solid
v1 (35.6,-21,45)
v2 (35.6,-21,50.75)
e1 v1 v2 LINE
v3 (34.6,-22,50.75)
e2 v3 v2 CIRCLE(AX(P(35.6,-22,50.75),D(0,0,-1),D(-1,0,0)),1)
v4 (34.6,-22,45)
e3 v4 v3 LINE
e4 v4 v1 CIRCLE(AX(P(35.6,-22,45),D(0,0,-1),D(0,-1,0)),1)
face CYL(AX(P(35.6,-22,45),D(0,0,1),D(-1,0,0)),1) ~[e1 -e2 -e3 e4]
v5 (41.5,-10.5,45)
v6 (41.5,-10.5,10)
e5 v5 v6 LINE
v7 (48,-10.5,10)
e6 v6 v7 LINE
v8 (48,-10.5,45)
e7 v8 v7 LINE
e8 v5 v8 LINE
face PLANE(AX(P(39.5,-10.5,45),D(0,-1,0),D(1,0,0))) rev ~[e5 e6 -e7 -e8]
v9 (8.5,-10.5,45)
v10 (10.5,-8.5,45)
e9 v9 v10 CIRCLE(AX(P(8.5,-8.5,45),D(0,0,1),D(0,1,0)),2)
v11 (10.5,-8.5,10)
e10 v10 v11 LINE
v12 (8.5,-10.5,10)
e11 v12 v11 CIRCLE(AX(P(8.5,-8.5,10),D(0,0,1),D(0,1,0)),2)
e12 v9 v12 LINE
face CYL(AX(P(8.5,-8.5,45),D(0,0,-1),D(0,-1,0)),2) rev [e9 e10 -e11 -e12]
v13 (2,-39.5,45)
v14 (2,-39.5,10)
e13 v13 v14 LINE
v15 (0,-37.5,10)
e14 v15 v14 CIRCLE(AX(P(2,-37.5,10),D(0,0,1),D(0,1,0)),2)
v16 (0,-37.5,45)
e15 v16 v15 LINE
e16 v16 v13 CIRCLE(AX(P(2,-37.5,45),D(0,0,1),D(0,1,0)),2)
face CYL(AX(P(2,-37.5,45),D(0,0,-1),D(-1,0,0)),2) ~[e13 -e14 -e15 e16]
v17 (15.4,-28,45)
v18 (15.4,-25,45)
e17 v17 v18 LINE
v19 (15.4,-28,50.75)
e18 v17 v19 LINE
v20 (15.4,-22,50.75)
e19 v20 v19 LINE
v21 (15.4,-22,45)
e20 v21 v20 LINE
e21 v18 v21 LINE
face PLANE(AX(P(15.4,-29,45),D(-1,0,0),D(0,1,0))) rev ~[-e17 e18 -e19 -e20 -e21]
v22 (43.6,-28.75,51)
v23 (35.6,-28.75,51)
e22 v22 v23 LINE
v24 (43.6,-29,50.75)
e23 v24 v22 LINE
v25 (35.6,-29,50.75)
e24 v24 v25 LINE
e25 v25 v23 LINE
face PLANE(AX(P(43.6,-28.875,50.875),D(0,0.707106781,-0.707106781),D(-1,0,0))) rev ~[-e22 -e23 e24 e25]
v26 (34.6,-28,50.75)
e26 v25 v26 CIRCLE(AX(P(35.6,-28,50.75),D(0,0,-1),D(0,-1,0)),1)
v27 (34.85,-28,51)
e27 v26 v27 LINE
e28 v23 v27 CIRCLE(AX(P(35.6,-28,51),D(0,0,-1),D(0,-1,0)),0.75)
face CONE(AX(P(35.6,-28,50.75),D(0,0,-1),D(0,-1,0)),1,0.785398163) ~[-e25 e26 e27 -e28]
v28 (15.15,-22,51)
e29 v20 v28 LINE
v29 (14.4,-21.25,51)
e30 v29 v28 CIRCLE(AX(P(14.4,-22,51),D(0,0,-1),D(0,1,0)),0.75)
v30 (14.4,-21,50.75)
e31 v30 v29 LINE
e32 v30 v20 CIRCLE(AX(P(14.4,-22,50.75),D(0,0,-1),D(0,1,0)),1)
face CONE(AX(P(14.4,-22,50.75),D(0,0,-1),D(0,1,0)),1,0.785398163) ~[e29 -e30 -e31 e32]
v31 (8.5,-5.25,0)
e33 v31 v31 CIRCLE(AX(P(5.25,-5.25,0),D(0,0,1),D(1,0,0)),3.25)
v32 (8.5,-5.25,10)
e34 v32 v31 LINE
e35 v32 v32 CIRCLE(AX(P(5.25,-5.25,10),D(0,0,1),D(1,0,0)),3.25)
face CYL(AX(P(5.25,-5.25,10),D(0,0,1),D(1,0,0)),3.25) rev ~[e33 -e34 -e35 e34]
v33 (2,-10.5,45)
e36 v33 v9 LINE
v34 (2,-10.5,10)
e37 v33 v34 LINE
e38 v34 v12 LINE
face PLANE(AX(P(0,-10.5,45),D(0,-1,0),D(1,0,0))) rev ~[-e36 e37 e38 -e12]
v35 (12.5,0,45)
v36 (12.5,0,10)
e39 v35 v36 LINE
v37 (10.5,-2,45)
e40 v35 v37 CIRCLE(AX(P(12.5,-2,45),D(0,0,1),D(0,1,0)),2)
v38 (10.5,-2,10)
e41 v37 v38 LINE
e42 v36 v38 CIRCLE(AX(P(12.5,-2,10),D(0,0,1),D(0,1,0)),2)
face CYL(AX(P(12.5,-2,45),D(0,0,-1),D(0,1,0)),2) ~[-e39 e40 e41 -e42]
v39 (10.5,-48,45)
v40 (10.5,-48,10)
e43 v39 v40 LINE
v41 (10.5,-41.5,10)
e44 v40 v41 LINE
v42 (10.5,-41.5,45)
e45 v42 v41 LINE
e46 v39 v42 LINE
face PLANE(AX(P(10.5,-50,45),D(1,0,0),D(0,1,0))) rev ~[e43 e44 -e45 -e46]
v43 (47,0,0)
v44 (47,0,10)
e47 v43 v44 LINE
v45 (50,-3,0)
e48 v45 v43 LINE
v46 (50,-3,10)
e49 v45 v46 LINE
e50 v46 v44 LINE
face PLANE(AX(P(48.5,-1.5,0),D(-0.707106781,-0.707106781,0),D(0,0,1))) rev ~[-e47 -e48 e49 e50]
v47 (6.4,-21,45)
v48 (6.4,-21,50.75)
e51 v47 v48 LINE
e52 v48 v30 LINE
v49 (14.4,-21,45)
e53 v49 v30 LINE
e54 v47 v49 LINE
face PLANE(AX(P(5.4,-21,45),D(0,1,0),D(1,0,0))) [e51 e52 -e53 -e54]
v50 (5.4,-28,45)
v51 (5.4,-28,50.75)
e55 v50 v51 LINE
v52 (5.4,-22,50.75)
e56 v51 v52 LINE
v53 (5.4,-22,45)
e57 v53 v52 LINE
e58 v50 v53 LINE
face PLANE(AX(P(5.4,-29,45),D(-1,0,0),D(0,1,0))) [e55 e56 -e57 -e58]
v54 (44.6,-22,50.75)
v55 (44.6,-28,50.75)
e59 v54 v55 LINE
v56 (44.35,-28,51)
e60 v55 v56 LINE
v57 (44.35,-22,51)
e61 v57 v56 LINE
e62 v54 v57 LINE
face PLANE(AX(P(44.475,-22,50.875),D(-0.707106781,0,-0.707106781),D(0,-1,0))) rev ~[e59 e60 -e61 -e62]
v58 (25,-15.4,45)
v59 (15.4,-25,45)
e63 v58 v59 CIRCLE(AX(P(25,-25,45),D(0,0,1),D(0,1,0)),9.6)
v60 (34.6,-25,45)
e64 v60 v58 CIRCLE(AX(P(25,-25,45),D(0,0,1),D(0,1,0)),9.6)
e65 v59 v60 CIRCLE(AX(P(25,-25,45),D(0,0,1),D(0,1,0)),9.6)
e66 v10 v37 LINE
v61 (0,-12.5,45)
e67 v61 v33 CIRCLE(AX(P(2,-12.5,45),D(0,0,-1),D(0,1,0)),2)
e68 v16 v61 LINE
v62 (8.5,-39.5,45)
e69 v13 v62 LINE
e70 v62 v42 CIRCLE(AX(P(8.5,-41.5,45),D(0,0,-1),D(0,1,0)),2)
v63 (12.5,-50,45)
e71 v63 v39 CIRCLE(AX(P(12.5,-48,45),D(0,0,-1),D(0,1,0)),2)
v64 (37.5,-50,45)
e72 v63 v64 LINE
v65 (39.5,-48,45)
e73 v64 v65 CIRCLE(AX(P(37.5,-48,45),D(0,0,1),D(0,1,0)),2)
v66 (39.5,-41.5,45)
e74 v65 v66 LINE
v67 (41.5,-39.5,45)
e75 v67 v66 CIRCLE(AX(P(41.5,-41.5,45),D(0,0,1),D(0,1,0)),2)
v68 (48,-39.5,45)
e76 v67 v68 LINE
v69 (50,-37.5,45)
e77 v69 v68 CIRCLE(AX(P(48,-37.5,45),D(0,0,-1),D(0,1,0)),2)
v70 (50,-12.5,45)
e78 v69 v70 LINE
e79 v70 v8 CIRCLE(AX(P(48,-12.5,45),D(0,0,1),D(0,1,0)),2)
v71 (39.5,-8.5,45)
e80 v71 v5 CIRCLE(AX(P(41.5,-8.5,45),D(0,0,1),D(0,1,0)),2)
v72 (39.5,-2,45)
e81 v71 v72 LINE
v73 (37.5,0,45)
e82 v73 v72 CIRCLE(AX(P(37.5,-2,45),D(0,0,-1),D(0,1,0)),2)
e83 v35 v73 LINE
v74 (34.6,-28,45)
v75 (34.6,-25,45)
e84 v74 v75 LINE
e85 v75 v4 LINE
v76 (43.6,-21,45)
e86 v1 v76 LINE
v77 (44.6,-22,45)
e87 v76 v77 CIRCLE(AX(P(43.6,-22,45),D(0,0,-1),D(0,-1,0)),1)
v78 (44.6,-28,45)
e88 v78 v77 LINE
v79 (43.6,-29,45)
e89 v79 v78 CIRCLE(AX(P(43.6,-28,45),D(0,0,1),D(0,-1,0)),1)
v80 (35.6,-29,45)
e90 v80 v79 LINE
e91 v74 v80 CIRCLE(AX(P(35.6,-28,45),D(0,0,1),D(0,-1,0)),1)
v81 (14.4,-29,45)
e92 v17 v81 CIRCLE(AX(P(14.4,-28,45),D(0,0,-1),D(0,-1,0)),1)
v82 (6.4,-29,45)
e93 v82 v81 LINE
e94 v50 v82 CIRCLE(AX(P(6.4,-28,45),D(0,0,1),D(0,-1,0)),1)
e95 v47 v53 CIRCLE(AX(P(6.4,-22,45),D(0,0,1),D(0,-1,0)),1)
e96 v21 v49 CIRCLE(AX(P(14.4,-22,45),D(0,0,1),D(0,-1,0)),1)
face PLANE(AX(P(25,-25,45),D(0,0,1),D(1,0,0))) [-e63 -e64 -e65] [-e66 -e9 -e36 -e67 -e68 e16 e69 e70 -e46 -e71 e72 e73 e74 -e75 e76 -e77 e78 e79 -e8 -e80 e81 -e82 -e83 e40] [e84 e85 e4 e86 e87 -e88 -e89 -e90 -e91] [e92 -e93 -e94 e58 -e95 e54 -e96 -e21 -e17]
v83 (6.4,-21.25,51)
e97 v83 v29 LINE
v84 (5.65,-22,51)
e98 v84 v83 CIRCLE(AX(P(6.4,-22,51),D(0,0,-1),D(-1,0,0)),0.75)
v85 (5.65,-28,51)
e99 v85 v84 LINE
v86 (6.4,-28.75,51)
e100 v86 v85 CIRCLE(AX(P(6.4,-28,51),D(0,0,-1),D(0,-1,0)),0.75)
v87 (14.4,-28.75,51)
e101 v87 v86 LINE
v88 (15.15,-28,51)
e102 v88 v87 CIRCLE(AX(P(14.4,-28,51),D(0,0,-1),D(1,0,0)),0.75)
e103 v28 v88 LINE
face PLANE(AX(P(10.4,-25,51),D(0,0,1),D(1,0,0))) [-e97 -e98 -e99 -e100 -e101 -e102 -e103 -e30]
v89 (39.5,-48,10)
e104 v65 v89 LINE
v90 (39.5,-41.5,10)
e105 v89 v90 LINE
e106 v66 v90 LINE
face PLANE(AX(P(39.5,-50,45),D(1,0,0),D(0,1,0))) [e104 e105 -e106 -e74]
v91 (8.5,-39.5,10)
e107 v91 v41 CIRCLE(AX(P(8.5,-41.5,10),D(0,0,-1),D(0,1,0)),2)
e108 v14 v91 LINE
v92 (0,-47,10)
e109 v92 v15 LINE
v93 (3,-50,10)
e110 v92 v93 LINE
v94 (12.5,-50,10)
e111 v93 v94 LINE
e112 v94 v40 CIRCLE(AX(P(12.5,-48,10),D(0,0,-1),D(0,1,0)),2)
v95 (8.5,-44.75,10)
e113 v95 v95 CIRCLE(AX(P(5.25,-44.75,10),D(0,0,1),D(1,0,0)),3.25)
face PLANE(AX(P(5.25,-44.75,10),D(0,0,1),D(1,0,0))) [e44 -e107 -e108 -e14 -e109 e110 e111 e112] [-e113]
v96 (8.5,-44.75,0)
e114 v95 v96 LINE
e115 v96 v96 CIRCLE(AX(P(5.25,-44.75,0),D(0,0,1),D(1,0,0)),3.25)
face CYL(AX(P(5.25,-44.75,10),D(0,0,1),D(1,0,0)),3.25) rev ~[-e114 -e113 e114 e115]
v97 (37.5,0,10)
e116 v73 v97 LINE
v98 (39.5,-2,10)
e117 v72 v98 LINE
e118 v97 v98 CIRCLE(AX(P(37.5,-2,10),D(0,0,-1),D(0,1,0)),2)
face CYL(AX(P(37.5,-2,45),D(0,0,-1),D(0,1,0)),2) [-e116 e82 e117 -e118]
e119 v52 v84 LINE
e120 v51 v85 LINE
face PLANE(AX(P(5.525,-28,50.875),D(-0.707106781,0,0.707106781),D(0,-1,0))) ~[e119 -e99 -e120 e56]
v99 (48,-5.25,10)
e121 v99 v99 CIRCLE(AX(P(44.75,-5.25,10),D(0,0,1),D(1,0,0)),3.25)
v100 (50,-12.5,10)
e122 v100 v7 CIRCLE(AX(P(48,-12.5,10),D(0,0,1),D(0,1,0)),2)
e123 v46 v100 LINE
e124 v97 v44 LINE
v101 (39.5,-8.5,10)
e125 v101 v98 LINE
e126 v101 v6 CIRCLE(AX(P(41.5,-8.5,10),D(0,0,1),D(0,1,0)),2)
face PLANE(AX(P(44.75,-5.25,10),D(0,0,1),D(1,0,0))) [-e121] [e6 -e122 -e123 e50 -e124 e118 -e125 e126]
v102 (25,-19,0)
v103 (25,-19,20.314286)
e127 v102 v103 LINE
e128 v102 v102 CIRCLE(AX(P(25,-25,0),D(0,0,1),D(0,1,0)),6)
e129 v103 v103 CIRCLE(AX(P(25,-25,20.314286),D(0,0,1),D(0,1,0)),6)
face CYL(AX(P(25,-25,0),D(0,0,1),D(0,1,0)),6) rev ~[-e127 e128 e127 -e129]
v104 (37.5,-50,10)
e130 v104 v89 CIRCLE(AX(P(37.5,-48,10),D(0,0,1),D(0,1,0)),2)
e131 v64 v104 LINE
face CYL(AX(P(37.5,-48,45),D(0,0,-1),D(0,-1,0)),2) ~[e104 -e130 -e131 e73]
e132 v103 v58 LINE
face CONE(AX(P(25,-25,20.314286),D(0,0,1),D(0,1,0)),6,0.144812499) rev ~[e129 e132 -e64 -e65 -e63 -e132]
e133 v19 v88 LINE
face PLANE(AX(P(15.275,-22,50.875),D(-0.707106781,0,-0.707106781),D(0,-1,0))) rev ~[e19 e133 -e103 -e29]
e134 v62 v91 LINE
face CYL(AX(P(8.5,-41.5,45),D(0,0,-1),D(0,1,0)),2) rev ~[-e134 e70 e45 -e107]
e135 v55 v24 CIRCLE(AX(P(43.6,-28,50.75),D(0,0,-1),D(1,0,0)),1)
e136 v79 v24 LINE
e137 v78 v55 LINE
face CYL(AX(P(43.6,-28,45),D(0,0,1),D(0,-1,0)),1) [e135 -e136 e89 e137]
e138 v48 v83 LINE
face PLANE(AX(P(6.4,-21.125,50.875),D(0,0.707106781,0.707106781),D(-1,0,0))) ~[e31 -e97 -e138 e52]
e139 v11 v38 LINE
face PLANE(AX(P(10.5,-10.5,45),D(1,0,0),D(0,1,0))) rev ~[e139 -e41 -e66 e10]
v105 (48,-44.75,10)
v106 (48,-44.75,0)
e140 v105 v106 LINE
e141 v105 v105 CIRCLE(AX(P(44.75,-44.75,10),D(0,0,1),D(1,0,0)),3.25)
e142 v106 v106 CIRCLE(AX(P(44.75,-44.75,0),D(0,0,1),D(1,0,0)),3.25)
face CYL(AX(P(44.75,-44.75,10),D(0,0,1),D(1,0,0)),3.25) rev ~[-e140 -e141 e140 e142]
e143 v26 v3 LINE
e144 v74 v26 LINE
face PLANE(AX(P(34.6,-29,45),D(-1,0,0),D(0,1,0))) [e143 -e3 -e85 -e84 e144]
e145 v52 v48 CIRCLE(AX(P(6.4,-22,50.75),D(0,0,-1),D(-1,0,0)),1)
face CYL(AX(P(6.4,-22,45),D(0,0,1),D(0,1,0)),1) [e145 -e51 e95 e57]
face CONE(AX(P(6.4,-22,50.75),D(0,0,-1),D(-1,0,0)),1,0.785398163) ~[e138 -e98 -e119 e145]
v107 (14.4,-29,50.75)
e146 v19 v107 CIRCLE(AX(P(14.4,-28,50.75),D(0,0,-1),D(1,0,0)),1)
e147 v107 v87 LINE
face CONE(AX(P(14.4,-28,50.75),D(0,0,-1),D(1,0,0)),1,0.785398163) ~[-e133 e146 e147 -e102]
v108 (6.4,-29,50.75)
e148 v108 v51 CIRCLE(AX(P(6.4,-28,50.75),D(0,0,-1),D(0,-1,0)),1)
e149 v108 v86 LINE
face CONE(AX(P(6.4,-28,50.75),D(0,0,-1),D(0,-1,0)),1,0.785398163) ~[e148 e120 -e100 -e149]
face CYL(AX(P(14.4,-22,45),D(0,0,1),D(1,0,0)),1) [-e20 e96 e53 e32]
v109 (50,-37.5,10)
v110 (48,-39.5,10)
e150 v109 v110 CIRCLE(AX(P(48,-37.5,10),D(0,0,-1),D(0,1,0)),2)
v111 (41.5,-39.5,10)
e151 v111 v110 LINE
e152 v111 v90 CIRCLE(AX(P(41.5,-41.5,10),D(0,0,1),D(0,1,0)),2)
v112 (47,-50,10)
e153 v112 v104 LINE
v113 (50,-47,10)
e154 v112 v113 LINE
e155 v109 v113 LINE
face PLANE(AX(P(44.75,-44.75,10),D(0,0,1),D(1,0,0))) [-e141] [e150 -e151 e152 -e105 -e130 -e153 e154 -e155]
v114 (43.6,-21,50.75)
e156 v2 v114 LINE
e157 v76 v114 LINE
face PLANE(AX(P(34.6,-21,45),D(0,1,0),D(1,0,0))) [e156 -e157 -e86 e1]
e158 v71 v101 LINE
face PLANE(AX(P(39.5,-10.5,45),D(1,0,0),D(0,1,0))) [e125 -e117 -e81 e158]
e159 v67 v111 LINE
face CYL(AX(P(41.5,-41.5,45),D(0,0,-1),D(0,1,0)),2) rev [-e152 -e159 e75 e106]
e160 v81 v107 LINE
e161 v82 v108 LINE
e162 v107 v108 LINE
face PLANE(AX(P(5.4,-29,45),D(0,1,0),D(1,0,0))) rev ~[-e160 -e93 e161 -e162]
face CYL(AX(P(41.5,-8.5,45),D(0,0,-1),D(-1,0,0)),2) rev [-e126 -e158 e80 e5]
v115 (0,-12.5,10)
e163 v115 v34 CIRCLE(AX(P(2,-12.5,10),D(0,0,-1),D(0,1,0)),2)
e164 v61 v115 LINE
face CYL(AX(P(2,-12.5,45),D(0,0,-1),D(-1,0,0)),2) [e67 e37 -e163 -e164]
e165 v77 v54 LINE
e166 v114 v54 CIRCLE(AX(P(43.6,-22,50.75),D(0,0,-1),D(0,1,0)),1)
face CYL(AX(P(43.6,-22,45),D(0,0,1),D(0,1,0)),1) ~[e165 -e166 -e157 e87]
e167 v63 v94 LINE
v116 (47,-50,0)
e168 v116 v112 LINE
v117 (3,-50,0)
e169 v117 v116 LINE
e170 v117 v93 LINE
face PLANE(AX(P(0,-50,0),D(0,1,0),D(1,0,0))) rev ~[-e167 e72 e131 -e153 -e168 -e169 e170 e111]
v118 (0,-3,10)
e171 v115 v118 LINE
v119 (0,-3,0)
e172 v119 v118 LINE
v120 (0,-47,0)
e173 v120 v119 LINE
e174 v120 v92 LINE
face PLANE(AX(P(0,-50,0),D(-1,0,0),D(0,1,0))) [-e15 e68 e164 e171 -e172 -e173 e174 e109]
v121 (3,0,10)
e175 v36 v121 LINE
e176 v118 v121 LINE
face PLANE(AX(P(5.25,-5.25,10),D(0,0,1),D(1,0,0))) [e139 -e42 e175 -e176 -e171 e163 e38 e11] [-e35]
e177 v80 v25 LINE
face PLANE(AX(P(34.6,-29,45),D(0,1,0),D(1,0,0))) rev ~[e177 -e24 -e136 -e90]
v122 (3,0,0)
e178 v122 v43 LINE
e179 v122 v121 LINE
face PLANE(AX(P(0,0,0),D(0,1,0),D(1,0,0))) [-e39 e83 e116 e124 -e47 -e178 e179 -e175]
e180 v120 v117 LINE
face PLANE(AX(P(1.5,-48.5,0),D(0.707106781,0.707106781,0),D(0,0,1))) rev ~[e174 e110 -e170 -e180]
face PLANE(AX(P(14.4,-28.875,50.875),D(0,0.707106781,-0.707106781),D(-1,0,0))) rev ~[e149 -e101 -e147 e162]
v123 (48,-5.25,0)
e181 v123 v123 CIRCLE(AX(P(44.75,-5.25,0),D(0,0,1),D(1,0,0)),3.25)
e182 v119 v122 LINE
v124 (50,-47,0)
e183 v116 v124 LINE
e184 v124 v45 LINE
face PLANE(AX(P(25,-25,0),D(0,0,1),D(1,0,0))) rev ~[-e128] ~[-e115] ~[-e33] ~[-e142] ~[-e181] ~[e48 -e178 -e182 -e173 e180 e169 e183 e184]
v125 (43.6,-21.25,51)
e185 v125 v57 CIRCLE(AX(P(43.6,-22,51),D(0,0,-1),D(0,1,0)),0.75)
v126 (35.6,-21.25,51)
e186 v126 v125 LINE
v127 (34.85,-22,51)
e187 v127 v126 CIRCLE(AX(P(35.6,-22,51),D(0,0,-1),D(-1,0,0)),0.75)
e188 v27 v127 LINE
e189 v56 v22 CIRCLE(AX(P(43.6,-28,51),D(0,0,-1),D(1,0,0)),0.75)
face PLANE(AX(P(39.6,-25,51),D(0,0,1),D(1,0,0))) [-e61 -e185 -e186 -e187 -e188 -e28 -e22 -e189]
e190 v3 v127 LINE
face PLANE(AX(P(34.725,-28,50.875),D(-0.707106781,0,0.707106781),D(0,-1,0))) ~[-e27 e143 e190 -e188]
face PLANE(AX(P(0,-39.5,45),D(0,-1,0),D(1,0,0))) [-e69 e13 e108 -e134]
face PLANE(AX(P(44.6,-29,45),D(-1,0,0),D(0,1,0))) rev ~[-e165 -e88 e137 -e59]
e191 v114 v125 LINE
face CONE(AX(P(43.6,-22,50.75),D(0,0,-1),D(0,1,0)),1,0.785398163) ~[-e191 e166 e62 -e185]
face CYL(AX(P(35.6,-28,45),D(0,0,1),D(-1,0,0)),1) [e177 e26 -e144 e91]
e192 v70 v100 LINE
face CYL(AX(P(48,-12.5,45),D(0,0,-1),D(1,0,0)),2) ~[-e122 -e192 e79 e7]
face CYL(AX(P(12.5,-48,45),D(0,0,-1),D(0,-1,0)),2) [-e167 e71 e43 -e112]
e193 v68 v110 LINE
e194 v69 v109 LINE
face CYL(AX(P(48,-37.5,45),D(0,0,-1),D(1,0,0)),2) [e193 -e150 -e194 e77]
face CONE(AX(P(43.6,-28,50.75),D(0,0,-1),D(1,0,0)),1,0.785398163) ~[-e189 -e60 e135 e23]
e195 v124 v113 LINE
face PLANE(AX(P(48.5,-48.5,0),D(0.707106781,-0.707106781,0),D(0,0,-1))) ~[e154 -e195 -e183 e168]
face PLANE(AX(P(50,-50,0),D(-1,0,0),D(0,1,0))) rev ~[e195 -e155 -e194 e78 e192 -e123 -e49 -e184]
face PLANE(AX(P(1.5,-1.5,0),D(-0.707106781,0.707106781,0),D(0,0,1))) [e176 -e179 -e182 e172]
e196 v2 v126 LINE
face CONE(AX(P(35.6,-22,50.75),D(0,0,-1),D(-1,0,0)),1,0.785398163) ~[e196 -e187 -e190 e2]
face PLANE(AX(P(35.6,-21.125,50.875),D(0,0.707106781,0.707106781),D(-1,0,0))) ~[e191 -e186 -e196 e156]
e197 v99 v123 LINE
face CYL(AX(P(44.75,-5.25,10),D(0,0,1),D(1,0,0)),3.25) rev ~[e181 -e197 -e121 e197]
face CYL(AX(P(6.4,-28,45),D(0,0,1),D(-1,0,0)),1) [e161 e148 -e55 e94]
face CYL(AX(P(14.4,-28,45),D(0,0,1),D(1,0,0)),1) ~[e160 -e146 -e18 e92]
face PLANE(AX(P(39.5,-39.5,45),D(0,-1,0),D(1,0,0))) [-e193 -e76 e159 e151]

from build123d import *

# Parameters (mm, degrees)
SKETCH_1_W          = 50
SKETCH_1_H          = 50
EXTRUDE_1_DEPTH     = 45
SKETCH_4_W          = 10.5
SKETCH_4_H          = 10.5
CUT_EXTRUDE_1_DEPTH = 35
FILLET_1_R          = 2
CHAMFER_1_SIZE      = 3
SKETCH_5_R          = 3.25
CUT_EXTRUDE_2_DEPTH = 11
SKETCH_7_W          = 10
SKETCH_7_H          = 8
EXTRUDE_4_DEPTH     = 6
FILLET_2_R          = 1
CHAMFER_2_SIZE      = 0.25


with BuildPart() as part:
    # 草图1 → 凸台-拉伸1 (new body)
    with BuildSketch(Plane.XY):
        with Locations((25, -25)):
            Rectangle(SKETCH_1_W, SKETCH_1_H)
    extrude(amount=EXTRUDE_1_DEPTH)

    # 草图4 → 切除-拉伸1 (cut)
    with BuildSketch(Plane.XY.offset(45)):
        with Locations((5.25, -5.25)):
            Rectangle(SKETCH_4_W, SKETCH_4_H)
        with Locations((44.75, -5.25)):
            Rectangle(SKETCH_4_W, SKETCH_4_H)
        with Locations((44.75, -44.75)):
            Rectangle(SKETCH_4_W, SKETCH_4_H)
        with Locations((5.25, -44.75)):
            Rectangle(SKETCH_4_W, SKETCH_4_H)
    extrude(amount=-CUT_EXTRUDE_1_DEPTH, mode=Mode.SUBTRACT)

    # 圆角1
    fillet_1_edges = [part.edges().sort_by_distance(p)[0] for p in [
        (0, -39.5, 27.5),
        (10.5, -39.5, 27.5),
        (10.5, -50, 27.5),
        (39.5, -50, 27.5),
        (39.5, -39.5, 27.5),
        (50, -39.5, 27.5),
        (50, -10.5, 27.5),
        (39.5, -10.5, 27.5),
        (39.5, 0, 27.5),
        (0, -10.5, 27.5),
        (10.5, 0, 27.5),
        (10.5, -10.5, 27.5),
    ]]
    fillet(fillet_1_edges, radius=FILLET_1_R)

    # 倒角1
    chamfer_1_edges = [part.edges().sort_by_distance(p)[0] for p in [
        (0, 0, 5),
        (50, 0, 5),
        (50, -50, 5),
        (0, -50, 5),
    ]]
    chamfer(chamfer_1_edges, length=CHAMFER_1_SIZE)

    # 草图5 → 切除-拉伸2 (cut, through all)
    with BuildSketch(Plane.XY.offset(10)):
        with Locations((5.25, -5.25)):
            Circle(SKETCH_5_R)
        with Locations((44.75, -5.25)):
            Circle(SKETCH_5_R)
        with Locations((44.75, -44.75)):
            Circle(SKETCH_5_R)
        with Locations((5.25, -44.75)):
            Circle(SKETCH_5_R)
    extrude(amount=-CUT_EXTRUDE_2_DEPTH, mode=Mode.SUBTRACT)

    # 草图6 → 切除-旋转1 (revolve, cut)
    with BuildSketch(Plane(origin=(25, 0, 0), x_dir=(0, 0, -1), z_dir=(1, 0, 0))):
        Polygon((-45, -15.4), (-45, -25), (0, -25), (0, -19), (-20.314285805, -19), align=None)
    revolve(axis=Axis((25, -25, 0), (0, 0, 1)), mode=Mode.SUBTRACT)

    # 草图7 → 凸台-拉伸4 (add)
    with BuildSketch(Plane.XY.offset(45)):
        with Locations((39.6, -25)):
            Rectangle(SKETCH_7_W, SKETCH_7_H)
        with Locations((10.4, -25)):
            Rectangle(SKETCH_7_W, SKETCH_7_H)
    extrude(amount=EXTRUDE_4_DEPTH)

    # 圆角2
    fillet_2_edges = [part.edges().sort_by_distance(p)[0] for p in [
        (34.6, -21, 48),
        (34.6, -29, 48),
        (44.6, -29, 48),
        (44.6, -21, 48),
        (15.4, -29, 48),
        (15.4, -21, 48),
        (5.4, -21, 48),
        (5.4, -29, 48),
    ]]
    fillet(fillet_2_edges, radius=FILLET_2_R)

    # 倒角2
    chamfer_2_edges = [part.edges().sort_by_distance(p)[0] for p in [
        (5.4, -25, 51),
        (10.4, -21, 51),
        (15.4, -25, 51),
        (10.4, -29, 51),
        (15.107106781, -21.292893219, 51),
        (15.107106781, -28.707106781, 51),
        (5.692893219, -28.707106781, 51),
        (5.692893219, -21.292893219, 51),
        (34.6, -25, 51),
        (39.6, -21, 51),
        (39.6, -29, 51),
        (44.6, -25, 51),
        (44.307106781, -28.707106781, 51),
        (34.892893219, -28.707106781, 51),
        (44.307106781, -21.292893219, 51),
        (34.892893219, -21.292893219, 51),
    ]]
    chamfer(chamfer_2_edges, length=CHAMFER_2_SIZE)


solid = part.part
